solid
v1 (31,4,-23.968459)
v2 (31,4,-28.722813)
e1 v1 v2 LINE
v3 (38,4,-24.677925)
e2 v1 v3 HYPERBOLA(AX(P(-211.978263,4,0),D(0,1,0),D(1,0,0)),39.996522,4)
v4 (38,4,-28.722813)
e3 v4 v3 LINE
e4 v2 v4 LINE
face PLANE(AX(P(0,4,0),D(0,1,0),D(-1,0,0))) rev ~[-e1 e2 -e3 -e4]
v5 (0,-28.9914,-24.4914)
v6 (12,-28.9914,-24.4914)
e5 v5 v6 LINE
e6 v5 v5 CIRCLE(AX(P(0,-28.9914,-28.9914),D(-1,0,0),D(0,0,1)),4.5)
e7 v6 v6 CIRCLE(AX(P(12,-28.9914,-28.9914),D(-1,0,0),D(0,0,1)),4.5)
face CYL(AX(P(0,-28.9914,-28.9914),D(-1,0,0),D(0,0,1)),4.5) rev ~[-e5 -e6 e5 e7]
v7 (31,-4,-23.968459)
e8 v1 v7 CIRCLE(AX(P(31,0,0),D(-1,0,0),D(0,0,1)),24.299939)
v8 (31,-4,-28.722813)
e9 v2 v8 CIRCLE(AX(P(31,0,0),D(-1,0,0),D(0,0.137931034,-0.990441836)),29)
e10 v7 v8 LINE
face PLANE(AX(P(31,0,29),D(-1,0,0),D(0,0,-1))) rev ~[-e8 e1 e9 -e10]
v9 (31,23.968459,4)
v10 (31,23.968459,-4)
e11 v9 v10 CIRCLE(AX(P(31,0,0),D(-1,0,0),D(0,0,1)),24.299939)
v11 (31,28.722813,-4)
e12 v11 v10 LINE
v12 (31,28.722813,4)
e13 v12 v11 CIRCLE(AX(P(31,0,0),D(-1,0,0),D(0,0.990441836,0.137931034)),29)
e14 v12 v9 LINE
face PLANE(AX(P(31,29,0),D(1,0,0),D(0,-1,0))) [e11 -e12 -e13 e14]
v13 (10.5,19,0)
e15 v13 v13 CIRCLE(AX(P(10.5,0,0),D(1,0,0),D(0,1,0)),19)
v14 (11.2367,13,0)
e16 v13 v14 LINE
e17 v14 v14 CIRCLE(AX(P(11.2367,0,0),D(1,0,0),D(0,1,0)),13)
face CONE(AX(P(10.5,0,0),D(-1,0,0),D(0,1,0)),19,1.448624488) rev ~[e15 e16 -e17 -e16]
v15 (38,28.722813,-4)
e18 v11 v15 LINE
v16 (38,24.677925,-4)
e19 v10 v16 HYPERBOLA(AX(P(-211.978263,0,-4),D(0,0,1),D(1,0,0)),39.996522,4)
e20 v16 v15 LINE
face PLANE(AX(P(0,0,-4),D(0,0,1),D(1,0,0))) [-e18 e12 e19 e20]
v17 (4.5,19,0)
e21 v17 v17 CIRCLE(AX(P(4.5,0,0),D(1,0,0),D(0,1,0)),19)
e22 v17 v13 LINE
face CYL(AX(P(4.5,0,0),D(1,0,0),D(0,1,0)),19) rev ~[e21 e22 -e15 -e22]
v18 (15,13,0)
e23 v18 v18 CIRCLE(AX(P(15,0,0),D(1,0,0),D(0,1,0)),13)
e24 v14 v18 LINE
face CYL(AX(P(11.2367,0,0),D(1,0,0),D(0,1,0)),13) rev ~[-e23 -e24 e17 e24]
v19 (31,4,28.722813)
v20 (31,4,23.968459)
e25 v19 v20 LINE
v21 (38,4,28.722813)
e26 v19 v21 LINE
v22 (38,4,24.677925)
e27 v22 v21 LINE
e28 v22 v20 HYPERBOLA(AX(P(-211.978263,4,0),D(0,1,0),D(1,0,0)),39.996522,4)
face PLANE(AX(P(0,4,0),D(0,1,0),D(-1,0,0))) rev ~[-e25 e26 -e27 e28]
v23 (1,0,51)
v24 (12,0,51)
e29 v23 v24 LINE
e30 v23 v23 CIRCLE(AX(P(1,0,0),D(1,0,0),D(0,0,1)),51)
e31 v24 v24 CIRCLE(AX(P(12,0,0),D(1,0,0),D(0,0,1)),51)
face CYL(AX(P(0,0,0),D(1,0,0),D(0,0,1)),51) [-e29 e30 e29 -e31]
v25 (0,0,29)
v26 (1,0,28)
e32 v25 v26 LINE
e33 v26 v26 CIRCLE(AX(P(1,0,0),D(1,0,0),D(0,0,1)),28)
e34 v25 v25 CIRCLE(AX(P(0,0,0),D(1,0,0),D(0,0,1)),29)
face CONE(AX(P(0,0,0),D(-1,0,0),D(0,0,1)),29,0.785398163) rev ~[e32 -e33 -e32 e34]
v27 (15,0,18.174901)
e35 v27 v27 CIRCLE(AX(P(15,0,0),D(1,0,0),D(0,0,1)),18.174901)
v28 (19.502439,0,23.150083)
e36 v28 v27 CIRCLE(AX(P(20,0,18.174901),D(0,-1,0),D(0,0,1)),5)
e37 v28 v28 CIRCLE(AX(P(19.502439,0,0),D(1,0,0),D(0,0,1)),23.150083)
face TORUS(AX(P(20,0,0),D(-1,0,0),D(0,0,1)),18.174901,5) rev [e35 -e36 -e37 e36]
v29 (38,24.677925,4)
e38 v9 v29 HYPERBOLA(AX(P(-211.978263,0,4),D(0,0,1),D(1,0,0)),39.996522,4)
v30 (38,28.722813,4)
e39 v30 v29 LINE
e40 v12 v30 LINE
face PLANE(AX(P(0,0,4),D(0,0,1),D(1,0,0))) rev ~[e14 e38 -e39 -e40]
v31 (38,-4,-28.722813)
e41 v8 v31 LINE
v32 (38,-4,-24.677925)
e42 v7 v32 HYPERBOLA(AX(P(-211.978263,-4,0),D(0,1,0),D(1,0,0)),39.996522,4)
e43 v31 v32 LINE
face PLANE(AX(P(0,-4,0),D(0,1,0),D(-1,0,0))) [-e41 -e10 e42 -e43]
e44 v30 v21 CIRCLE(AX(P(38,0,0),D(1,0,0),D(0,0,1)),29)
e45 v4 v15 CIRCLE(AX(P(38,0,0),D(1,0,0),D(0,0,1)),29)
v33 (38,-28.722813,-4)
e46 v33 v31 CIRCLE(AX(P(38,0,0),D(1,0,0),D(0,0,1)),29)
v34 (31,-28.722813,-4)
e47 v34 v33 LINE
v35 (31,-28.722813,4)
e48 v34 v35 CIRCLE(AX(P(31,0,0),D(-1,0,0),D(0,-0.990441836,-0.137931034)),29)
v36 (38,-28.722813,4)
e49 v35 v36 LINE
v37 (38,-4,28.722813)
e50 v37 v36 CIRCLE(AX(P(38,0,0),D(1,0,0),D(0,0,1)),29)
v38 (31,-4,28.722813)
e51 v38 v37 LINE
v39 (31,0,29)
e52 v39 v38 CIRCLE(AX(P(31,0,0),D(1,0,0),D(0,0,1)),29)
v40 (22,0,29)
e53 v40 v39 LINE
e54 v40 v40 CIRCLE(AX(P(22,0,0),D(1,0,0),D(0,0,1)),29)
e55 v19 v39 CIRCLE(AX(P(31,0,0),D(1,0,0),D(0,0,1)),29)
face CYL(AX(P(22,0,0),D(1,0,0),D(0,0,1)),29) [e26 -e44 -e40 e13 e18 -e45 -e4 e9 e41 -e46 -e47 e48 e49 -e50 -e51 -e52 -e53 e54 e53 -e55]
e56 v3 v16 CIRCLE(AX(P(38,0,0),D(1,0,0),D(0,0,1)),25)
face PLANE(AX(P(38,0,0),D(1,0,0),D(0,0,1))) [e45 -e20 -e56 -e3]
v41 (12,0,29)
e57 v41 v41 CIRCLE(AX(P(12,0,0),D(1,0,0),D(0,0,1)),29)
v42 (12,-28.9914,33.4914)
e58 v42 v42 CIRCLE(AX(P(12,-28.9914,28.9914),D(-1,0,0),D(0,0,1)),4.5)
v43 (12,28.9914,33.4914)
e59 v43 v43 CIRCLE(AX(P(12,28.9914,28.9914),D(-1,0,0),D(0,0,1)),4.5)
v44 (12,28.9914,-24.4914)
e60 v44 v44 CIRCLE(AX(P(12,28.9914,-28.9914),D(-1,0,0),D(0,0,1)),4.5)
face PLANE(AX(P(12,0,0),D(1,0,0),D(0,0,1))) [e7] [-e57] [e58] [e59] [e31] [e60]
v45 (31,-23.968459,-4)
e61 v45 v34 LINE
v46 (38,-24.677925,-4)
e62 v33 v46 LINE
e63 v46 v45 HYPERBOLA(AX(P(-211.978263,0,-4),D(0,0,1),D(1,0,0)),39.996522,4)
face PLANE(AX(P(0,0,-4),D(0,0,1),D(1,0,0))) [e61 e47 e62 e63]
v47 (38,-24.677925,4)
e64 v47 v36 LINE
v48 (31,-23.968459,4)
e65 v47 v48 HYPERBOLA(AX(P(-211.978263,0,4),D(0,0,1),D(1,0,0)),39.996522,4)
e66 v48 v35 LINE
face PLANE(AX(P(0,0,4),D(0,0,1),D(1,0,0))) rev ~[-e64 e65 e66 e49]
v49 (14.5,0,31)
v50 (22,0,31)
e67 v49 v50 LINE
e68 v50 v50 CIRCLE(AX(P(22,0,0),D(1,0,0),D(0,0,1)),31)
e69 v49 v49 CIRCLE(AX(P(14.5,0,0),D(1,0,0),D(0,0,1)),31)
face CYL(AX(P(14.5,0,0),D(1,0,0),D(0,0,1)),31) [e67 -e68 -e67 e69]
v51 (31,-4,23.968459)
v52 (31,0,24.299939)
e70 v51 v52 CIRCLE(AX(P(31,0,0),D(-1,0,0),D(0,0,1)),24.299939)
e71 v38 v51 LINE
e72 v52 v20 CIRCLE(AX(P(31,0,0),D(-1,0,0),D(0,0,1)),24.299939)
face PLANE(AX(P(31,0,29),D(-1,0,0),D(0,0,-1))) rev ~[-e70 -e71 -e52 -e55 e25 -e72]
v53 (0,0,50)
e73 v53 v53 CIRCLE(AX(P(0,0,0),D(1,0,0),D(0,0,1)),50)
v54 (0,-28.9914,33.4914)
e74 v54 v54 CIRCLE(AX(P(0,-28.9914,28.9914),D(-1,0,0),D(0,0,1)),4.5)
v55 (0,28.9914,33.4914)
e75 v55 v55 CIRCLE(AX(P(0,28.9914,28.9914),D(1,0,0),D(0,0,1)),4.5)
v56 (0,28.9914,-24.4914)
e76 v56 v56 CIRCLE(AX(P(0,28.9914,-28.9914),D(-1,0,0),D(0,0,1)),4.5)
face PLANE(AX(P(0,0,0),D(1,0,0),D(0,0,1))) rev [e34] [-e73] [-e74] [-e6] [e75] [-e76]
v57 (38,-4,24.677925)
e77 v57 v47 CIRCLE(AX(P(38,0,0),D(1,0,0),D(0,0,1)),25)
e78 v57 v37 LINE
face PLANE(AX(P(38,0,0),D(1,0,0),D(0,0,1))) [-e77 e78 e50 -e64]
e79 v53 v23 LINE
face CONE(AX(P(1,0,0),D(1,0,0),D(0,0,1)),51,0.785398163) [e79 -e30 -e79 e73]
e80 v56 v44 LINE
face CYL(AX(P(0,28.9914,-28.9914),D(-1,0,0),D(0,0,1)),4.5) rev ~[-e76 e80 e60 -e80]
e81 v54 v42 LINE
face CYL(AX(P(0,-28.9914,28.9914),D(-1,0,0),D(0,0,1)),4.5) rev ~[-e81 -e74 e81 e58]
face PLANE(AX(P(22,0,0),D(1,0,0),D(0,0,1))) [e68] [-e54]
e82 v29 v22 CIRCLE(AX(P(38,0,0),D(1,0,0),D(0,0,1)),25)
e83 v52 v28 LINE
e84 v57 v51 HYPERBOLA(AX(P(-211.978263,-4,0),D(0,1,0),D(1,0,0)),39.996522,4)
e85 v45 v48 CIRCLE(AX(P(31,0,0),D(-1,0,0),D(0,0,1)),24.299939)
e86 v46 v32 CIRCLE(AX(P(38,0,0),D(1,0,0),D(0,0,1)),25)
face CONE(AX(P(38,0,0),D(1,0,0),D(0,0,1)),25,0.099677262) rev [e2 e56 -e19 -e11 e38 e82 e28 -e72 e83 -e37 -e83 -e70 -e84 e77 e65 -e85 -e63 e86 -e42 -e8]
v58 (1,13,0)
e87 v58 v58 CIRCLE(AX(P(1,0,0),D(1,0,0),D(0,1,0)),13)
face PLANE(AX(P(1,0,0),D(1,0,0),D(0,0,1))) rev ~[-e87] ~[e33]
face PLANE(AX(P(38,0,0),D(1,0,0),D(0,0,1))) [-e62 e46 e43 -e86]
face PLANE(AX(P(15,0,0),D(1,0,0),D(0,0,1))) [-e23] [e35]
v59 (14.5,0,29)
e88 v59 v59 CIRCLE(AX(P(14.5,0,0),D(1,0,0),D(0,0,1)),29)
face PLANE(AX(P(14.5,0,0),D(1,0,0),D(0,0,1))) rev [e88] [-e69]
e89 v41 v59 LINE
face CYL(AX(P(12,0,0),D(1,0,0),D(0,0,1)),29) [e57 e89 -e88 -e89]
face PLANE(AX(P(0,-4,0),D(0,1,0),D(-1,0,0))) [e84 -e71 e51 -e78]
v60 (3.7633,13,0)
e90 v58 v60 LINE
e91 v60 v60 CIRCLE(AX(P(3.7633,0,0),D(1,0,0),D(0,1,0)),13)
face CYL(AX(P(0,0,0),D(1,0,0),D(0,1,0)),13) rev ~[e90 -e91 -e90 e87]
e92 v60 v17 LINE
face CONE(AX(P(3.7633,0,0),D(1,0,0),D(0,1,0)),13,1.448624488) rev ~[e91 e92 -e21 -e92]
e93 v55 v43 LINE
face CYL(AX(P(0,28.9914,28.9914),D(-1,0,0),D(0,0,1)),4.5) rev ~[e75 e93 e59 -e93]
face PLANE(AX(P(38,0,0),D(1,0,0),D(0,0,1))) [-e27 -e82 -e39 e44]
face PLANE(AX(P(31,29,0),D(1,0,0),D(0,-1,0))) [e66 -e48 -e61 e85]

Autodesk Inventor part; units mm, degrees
ref_plane "YZ Plane" through (0, 0, 0) normal (1, 0, 0) x (0, 1, 0)
ref_plane "XZ Plane" through (0, 0, 0) normal (0, 1, 0) x (-1, 0, 0)
ref_plane "XY Plane" through (0, 0, 0) normal (0, 0, 1) x (1, 0, 0)
sketch "草图1" plane through (0, 0, 0) normal (0, 1, 0) x (-1, 0, 0)
  line L0 (0, 51) -> (-12, 51)
  line L1 (-12, 51) -> (-12, 29)
  line L2 (-12, 29) -> (-14.5, 29)
  line L3 (-14.5, 29) -> (-14.5, 31)
  line L4 (-14.5, 31) -> (-22, 31)
  line L5 (-22, 31) -> (-22, 29)
  line L6 (-22, 29) -> (-38, 29)
  line L7 (-38, 29) -> (-38, 0)
  line L8 (-38, 0) -> (0, 0)
  line L9 (0, 0) -> (0, 51)
  line L10 (0, 29) -> (-1, 28)
  line L11 (-1, 28) -> (-1, 0)
  line L12 (-38, 25) -> (-15, 22.6998)
  line L13 (-15, 22.6998) -> (-15, 0)
  line L14 (7.6, 0) -> (-45.6, 0) projected
  dimension "d2" = 51
  dimension "d4" = 26
  dimension "d5" = 12
  dimension "d6" = 31
  dimension "d7" = 29
  dimension "d8" = 10
  dimension "d9" = 2.5
  dimension "d10" = 29
  dimension "d11" = 45
  dimension "d12" = 1
  dimension "d13" = 15
  dimension "d14" = 25
  dimension "d15" = 84.289
revolve "旋转1" add sketch "草图1" angle 360 about axis through (-10, 0, 0) along (1, 0, 0) contours L9 L10 L11 L8 L13 L12 L7 L6 L5 L4 L3 L2 L1 L0
sketch "草图2" plane through (0, 0, 0) normal (0, 1, 0) x (-1, 0, 0)
  line L0 (-22, 29) -> (-38, 29) projected
  line L1 (-38, 29) -> (-31, 29)
  line L2 (-31, 29) -> (-31, -29)
  line L3 (-31, -29) -> (-38, -29)
  line L4 (-38, -29) -> (-38, 29)
  point P0 (0, 0)
  dimension "d17" = 7
extrude "拉伸1" cut sketch "草图2" along normal mid plane 8
sketch "草图3" plane through (0, 0, 0) normal (0, 0, 1) x (1, 0, 0)
  line L0 (38, 4) -> (38, 29) projected
  line L1 (22, -29) -> (38, -29) projected
  line L2 (38, 29) -> (31, 29)
  line L3 (31, 29) -> (31, -29)
  line L4 (31, -29) -> (38, -29)
  line L5 (38, -29) -> (38, 29)
  point P0 (0, 0)
  dimension "d20" = 7
extrude "拉伸2" cut sketch "草图3" along normal mid plane 8
sketch "草图4" plane through (0, 0, 0) normal (-1, 0, 0) x (0, 0, 1)
  circle A0 centre (28.9914, 28.9914) radius 4.5
  circle A1 centre (-28.9914, 28.9914) radius 4.5
  circle A2 centre (-28.9914, -28.9914) radius 4.5
  circle A3 centre (28.9914, -28.9914) radius 4.5
  line L0 (28.9914, 28.9914) -> (0, 0)
  line L1 (0, -71.4) -> (0, 71.4) projected
  dimension "d23" = 9
  dimension "d24" = 41
  dimension "d27" = 360
  dimension "d42" = 45
extrude "拉伸3" cut sketch "草图4" against normal up to surface (12 mm away)
chamfer "倒角1" distance 1 angle 45 1 edges at (0, 0, -51)
fillet "圆角1" radius 5 1 edges at (15, 0, -22.6998)
sketch "草图5" plane through (0, 0, 0) normal (0, 0, 1) x (1, 0, 0)
  line L0 (0, -29) -> (0, 29) projected
  line L1 (0, 13) -> (3.7633, 13)
  line L2 (3.7633, 13) -> (4.5, 19)
  line L3 (4.5, 19) -> (10.5, 19)
  line L4 (10.5, 19) -> (11.2367, 13)
  line L5 (11.2367, 13) -> (15, 13)
  line L6 (15, 18.1749) -> (15, -18.1749) projected
  line L7 (0, 13) -> (0, 0)
  line L8 (0, 0) -> (15, 0)
  line L9 (15, 13) -> (15, 0)
  line L10 (-7.6, 0) -> (45.6, 0) projected
  point P0 (7.5, 19)
  dimension "d35" = 13
  dimension "d36" = 19
  dimension "d37" = 6
  dimension "d38" = 7
  dimension "d39" = 7
  dimension "d40" = 7.5
revolve "旋转2" cut sketch "草图5" angle 360 about axis through (-10, 0, 0) along (1, 0, 0)
equation "\"d2\" = 0.5 * D2"
equation "\"d4\" = M"
equation "\"d5\" = e"
equation "\"d6\" = 0.5 * D"
equation "\"d7\" = 0.5 * D_d"
equation "\"d8\" = e1"
equation "\"d10\" = 0.5 * D_d"
equation "\"d13\" = b1"
equation "\"d14\" = 0.5 * D4"
equation "\"d17\" = h_b"
equation "\"d18\" = b"
equation "\"d20\" = h_b"
equation "\"d21\" = b"
equation "\"d23\" = d0"
equation "\"d24\" = 0.5 * D0"
equation "\"d29\" = b"
equation "\"d35\" = 0.5 * d1"
equation "\"d36\" = 0.5 * d1_D0"
equation "\"d37\" = d1_b"
equation "\"d40\" = 0.5 * b1"
equation "\"d3\" = 8"
equation "\"d0\" = 9"
equation "\"D\" = 62"
equation "\"D0\" = 82"
equation "\"D2\" = 102"
equation "\"D_d\" = 58"
equation "\"e\" = 12"
equation "\"e1\" = 10"
equation "\"b\" = 8"
equation "\"h_b\" = 7"
equation "\"M\" = 26"
equation "\"b1\" = 15"
equation "\"d1\" = 26"
equation "\"d1_D0\" = 38"
equation "\"d1_b\" = 6"
equation "\"D4\" = 50"
properties part number "高速轴承透盖" material "灰口铁"
